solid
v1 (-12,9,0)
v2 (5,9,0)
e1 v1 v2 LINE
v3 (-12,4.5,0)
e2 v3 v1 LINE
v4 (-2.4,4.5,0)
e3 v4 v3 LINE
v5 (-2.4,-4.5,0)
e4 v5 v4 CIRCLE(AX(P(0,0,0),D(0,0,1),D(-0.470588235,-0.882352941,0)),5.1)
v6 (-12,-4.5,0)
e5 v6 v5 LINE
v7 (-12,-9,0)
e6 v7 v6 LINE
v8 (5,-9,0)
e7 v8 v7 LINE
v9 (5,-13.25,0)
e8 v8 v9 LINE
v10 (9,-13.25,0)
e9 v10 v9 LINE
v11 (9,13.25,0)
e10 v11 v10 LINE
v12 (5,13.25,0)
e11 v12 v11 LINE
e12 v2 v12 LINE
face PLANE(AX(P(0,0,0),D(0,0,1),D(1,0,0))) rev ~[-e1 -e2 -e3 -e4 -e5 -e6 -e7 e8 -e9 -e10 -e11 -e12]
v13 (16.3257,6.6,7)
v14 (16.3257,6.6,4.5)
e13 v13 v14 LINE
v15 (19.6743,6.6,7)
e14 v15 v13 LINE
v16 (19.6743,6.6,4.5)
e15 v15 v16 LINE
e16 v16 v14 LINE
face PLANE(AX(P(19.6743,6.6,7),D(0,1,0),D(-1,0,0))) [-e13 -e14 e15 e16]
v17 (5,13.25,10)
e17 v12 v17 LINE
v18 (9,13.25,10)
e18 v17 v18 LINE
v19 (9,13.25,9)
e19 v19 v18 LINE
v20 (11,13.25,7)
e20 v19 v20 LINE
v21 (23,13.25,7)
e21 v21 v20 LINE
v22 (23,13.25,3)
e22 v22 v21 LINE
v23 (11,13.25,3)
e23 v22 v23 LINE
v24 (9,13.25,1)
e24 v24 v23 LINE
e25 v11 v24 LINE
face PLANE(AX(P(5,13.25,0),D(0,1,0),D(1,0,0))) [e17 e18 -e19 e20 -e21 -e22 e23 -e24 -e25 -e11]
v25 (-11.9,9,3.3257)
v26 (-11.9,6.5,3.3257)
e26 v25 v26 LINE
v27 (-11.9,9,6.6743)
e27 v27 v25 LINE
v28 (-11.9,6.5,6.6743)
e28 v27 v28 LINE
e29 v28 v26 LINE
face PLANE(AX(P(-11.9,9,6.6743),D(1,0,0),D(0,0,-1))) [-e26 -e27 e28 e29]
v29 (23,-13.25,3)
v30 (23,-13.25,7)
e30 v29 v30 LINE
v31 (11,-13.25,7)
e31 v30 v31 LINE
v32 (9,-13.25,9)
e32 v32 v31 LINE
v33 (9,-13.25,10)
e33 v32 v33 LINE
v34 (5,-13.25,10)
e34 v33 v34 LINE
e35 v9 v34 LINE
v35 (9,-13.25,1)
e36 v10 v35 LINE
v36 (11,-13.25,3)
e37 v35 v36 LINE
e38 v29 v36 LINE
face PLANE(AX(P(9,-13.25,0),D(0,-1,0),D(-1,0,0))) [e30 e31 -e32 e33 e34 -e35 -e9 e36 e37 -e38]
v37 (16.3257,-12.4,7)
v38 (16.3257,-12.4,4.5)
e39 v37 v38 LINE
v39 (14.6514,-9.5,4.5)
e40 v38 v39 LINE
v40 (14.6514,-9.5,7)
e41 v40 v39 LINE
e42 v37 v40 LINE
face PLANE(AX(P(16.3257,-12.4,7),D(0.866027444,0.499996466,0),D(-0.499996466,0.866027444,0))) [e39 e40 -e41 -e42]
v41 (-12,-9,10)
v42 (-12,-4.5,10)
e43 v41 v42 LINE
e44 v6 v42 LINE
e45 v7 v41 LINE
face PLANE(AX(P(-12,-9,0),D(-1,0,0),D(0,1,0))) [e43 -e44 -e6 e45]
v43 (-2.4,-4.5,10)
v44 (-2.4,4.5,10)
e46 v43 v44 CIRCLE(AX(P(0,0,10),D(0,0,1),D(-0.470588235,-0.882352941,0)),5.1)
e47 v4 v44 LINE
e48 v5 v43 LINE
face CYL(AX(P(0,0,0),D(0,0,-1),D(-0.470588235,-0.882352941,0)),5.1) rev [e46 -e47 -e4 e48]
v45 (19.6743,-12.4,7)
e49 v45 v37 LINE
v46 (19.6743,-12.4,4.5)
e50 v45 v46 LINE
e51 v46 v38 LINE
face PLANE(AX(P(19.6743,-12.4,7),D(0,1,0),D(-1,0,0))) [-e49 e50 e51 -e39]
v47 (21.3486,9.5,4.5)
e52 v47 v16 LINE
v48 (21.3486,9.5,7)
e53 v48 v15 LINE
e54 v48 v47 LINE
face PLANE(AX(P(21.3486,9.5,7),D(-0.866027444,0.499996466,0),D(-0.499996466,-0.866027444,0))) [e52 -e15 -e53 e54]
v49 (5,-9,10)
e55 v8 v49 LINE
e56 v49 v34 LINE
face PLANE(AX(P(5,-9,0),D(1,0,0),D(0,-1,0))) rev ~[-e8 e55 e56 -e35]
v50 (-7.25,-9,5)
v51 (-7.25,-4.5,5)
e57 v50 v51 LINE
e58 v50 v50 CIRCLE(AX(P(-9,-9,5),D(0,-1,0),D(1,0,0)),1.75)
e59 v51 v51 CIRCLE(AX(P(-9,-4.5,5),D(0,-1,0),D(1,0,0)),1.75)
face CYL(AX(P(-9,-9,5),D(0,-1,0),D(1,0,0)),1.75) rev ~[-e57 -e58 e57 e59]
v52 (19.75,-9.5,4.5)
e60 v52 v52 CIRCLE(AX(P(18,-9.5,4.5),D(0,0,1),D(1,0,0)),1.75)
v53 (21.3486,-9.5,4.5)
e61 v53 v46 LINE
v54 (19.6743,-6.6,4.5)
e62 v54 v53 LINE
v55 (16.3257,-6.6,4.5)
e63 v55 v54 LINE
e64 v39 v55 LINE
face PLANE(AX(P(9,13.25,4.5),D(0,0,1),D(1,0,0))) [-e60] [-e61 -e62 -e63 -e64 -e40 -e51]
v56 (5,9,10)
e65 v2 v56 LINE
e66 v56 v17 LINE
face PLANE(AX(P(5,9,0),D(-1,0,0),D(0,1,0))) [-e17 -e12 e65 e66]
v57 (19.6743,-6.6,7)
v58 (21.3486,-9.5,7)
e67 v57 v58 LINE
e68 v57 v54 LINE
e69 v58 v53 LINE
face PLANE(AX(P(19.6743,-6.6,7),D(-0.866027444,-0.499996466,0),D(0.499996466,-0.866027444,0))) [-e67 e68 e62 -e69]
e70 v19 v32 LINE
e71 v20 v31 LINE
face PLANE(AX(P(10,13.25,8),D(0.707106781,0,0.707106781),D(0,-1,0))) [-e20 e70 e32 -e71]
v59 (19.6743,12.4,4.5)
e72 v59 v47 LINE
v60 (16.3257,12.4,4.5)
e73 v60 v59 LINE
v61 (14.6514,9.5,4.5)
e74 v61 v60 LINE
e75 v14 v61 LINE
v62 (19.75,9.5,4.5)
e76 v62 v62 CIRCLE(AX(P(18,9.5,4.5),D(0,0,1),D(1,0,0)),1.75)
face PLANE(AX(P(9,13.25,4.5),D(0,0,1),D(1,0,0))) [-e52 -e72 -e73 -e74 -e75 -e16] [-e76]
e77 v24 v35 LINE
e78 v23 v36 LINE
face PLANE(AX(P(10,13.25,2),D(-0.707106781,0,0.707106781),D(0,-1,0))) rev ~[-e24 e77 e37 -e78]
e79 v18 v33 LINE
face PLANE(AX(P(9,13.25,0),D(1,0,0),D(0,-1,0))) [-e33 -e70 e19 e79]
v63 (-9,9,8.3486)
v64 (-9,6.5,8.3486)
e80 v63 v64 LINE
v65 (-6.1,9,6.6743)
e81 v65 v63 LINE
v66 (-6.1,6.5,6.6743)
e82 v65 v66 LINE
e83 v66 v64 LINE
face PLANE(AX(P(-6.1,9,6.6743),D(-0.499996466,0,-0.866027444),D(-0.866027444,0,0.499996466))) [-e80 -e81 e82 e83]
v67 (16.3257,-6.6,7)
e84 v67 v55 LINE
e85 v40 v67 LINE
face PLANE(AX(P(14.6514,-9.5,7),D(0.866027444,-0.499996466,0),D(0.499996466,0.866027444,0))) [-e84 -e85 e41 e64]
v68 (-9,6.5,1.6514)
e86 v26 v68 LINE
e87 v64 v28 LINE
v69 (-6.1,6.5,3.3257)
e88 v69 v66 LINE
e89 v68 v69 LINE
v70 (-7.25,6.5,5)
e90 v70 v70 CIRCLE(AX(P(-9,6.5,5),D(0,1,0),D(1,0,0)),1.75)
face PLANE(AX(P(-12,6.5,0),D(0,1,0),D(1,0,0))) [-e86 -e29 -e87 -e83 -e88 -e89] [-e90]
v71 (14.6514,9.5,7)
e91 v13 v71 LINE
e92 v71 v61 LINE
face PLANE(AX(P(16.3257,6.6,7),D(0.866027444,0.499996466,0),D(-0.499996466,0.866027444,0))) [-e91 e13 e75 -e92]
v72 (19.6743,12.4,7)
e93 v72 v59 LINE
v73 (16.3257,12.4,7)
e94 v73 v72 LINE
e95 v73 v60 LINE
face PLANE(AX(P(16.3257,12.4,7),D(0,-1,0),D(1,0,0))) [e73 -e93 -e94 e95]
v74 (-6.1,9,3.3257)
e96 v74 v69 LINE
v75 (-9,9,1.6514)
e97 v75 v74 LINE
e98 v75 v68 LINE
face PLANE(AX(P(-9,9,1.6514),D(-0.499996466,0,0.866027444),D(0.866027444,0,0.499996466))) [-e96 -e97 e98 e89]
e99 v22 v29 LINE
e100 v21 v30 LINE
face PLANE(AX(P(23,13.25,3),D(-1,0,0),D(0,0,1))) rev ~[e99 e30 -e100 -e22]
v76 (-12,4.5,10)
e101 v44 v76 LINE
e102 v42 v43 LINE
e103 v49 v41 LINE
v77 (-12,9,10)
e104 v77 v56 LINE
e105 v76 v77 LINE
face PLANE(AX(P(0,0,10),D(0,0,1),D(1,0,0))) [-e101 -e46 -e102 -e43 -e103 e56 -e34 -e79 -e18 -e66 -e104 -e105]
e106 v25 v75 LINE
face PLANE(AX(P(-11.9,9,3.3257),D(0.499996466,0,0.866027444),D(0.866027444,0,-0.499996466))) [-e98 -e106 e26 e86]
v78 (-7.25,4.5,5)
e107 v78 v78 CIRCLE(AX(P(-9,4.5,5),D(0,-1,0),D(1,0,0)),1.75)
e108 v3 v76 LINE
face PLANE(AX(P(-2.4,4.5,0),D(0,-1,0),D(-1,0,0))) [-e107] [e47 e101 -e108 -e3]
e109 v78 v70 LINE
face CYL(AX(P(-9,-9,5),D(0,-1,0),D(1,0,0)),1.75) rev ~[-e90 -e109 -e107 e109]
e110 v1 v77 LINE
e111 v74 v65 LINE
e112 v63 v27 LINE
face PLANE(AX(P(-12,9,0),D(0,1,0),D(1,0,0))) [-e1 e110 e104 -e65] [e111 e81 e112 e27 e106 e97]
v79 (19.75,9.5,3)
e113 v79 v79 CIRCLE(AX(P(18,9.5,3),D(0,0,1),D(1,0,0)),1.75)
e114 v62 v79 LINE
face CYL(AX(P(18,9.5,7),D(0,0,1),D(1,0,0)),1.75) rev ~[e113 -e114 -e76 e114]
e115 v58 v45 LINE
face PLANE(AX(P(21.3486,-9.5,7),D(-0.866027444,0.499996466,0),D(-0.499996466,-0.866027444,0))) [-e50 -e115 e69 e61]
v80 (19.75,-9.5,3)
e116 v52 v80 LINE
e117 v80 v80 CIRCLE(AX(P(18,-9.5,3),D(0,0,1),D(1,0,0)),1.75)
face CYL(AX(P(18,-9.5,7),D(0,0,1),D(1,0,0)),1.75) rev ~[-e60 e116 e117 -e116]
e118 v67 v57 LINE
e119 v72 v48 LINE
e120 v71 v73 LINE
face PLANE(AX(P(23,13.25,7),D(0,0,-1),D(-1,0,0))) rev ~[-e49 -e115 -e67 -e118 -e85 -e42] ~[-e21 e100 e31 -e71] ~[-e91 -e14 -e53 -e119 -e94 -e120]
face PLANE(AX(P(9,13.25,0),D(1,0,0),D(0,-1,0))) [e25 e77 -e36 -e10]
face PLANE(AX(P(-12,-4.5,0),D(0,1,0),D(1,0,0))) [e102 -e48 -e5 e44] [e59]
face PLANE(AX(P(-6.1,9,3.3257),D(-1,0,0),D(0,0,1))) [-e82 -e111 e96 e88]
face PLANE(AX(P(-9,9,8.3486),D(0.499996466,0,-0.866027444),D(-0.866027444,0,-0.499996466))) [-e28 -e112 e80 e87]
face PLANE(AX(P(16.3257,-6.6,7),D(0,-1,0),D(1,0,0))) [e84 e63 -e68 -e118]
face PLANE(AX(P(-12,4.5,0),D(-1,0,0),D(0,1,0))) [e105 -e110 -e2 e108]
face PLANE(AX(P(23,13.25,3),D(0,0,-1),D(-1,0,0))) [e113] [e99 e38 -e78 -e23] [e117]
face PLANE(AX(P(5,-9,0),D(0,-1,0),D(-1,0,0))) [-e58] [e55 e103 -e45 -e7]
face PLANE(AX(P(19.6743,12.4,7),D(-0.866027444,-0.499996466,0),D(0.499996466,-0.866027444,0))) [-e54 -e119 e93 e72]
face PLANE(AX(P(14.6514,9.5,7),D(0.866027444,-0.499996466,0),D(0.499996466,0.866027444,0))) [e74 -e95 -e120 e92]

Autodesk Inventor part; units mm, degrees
ref_plane "YZ Plane" through (0, 0, 0) normal (1, 0, 0) x (0, 1, 0)
ref_plane "XZ Plane" through (0, 0, 0) normal (0, 1, 0) x (-1, 0, 0)
ref_plane "XY Plane" through (0, 0, 0) normal (0, 0, 1) x (1, 0, 0)
sketch "Sketch1" plane through (0, 0, 0) normal (0, 0, 1) x (1, 0, 0)
  arc A0 (-2.4, -4.5) -> (-2.4, 4.5) centre (0, 0) ccw
  line L0 (-2.4, 4.5) -> (-12, 4.5)
  line L1 (-12, 4.5) -> (-12, 9)
  line L2 (-12, 9) -> (5, 9)
  line L3 (5, -9) -> (-12, -9)
  line L4 (-12, -9) -> (-12, -4.5)
  line L5 (-12, -4.5) -> (-2.4, -4.5)
  line L6 (5, 9) -> (5, 13.25)
  line L7 (5, -9) -> (5, -13.25)
  line L8 (5, 13.25) -> (9, 13.25)
  line L9 (9, 13.25) -> (9, -13.25)
  line L10 (9, -13.25) -> (5, -13.25)
  dimension "d0" = 10.2
  dimension "d1" = 9
  dimension "d2" = 12
  dimension "d3" = 9
  dimension "d7" = 26.5
  dimension "d8" = 4.25
  dimension "d9" = 4
  dimension "d10" = 5
extrude "Extrusion1" add sketch "Sketch1" along normal blind 10
sketch "Sketch4" plane through (5, 13.25, 0) normal (0, 1, 0) x (1, 0, 0)
  line L0 (4, 0) -> (4, -10) projected
  line L1 (4, 0) -> (4, -10) projected
  line L2 (18, -3) -> (18, -7)
  line L3 (18, -7) -> (4, -7)
  line L4 (18, -3) -> (4, -3)
  line L5 (4, 0) -> (0, 0) projected
  point P0 (-5, 0)
  dimension "d24" = 4
  dimension "d47" = 14
  dimension "d48" = 3
extrude "Extrusion4" add sketch "Sketch4" against normal up to surface (26.5 mm away)
sketch "Sketch5" plane through (9, 13.25, 7) normal (0, 0, 1) x (1, 0, 0)
  line L0 (0, -26.5) -> (14, -26.5) projected
  line L1 (14, 0) -> (14, -26.5) projected
  line L2 (0, 0) -> (14, 0) projected
  circle A0 centre (9, -3.75) radius 1.75
  circle A1 centre (9, -22.75) radius 1.75
  point P0 (-9, -13.25)
  dimension "d27" = 3.5
  dimension "d28" = 3.75
  dimension "d29" = 3.75
  dimension "d30" = 5
extrude "Extrusion5" cut sketch "Sketch5" against normal up to next
sketch "Sketch6" plane through (-12, -9, 0) normal (0, -1, 0) x (1, 0, 0)
  line L0 (0, 10) -> (17, 10) projected
  line L1 (0, 0) -> (0, 10) projected
  circle A0 centre (3, 5) radius 1.75
  point P0 (12, 0)
  dimension "d33" = 3.5
  dimension "d34" = 3
  dimension "d35" = 5
extrude "Extrusion6" cut sketch "Sketch6" against normal up to surface (18 mm away)
sketch "Sketch7" plane through (-12, 9, 0) normal (0, 1, 0) x (1, 0, 0)
  circle A0 centre (3, -5) radius 1.75 projected
  line L0 (3, -8.3486) -> (0.1, -6.6743)
  line L1 (0.1, -6.6743) -> (0.1, -3.3257)
  line L2 (0.1, -3.3257) -> (3, -1.6514)
  line L3 (3, -1.6514) -> (5.9, -3.3257)
  line L4 (5.9, -3.3257) -> (5.9, -6.6743)
  line L5 (5.9, -6.6743) -> (3, -8.3486)
  point P0 (12, 0)
  dimension "d38" = 5.8
extrude "Extrusion7" cut sketch "Sketch7" against normal blind 2.5
sketch "Sketch8" plane through (9, 13.25, 7) normal (0, 0, 1) x (1, 0, 0)
  circle A0 centre (9, -3.75) radius 1.75 projected
  circle A1 centre (9, -22.75) radius 1.75 projected
  line L0 (5.6514, -22.75) -> (7.3257, -19.85)
  line L1 (7.3257, -19.85) -> (10.6743, -19.85)
  line L2 (10.6743, -19.85) -> (12.3486, -22.75)
  line L3 (12.3486, -22.75) -> (10.6743, -25.65)
  line L4 (10.6743, -25.65) -> (7.3257, -25.65)
  line L5 (7.3257, -25.65) -> (5.6514, -22.75)
  line L6 (5.6514, -3.75) -> (7.3257, -0.85)
  line L7 (7.3257, -0.85) -> (10.6743, -0.85)
  line L8 (10.6743, -0.85) -> (12.3486, -3.75)
  line L9 (12.3486, -3.75) -> (10.6743, -6.65)
  line L10 (10.6743, -6.65) -> (7.3257, -6.65)
  line L11 (7.3257, -6.65) -> (5.6514, -3.75)
  point P0 (-9, -13.25)
  dimension "d41" = 5.8
extrude "Extrusion8" cut sketch "Sketch8" against normal blind 2.5
chamfer "Chamfer1" distance 2 angle 45 2 edges at (9, 0, 7) (9, 0, 3)
properties part number "ZAxisEndstopMount"
